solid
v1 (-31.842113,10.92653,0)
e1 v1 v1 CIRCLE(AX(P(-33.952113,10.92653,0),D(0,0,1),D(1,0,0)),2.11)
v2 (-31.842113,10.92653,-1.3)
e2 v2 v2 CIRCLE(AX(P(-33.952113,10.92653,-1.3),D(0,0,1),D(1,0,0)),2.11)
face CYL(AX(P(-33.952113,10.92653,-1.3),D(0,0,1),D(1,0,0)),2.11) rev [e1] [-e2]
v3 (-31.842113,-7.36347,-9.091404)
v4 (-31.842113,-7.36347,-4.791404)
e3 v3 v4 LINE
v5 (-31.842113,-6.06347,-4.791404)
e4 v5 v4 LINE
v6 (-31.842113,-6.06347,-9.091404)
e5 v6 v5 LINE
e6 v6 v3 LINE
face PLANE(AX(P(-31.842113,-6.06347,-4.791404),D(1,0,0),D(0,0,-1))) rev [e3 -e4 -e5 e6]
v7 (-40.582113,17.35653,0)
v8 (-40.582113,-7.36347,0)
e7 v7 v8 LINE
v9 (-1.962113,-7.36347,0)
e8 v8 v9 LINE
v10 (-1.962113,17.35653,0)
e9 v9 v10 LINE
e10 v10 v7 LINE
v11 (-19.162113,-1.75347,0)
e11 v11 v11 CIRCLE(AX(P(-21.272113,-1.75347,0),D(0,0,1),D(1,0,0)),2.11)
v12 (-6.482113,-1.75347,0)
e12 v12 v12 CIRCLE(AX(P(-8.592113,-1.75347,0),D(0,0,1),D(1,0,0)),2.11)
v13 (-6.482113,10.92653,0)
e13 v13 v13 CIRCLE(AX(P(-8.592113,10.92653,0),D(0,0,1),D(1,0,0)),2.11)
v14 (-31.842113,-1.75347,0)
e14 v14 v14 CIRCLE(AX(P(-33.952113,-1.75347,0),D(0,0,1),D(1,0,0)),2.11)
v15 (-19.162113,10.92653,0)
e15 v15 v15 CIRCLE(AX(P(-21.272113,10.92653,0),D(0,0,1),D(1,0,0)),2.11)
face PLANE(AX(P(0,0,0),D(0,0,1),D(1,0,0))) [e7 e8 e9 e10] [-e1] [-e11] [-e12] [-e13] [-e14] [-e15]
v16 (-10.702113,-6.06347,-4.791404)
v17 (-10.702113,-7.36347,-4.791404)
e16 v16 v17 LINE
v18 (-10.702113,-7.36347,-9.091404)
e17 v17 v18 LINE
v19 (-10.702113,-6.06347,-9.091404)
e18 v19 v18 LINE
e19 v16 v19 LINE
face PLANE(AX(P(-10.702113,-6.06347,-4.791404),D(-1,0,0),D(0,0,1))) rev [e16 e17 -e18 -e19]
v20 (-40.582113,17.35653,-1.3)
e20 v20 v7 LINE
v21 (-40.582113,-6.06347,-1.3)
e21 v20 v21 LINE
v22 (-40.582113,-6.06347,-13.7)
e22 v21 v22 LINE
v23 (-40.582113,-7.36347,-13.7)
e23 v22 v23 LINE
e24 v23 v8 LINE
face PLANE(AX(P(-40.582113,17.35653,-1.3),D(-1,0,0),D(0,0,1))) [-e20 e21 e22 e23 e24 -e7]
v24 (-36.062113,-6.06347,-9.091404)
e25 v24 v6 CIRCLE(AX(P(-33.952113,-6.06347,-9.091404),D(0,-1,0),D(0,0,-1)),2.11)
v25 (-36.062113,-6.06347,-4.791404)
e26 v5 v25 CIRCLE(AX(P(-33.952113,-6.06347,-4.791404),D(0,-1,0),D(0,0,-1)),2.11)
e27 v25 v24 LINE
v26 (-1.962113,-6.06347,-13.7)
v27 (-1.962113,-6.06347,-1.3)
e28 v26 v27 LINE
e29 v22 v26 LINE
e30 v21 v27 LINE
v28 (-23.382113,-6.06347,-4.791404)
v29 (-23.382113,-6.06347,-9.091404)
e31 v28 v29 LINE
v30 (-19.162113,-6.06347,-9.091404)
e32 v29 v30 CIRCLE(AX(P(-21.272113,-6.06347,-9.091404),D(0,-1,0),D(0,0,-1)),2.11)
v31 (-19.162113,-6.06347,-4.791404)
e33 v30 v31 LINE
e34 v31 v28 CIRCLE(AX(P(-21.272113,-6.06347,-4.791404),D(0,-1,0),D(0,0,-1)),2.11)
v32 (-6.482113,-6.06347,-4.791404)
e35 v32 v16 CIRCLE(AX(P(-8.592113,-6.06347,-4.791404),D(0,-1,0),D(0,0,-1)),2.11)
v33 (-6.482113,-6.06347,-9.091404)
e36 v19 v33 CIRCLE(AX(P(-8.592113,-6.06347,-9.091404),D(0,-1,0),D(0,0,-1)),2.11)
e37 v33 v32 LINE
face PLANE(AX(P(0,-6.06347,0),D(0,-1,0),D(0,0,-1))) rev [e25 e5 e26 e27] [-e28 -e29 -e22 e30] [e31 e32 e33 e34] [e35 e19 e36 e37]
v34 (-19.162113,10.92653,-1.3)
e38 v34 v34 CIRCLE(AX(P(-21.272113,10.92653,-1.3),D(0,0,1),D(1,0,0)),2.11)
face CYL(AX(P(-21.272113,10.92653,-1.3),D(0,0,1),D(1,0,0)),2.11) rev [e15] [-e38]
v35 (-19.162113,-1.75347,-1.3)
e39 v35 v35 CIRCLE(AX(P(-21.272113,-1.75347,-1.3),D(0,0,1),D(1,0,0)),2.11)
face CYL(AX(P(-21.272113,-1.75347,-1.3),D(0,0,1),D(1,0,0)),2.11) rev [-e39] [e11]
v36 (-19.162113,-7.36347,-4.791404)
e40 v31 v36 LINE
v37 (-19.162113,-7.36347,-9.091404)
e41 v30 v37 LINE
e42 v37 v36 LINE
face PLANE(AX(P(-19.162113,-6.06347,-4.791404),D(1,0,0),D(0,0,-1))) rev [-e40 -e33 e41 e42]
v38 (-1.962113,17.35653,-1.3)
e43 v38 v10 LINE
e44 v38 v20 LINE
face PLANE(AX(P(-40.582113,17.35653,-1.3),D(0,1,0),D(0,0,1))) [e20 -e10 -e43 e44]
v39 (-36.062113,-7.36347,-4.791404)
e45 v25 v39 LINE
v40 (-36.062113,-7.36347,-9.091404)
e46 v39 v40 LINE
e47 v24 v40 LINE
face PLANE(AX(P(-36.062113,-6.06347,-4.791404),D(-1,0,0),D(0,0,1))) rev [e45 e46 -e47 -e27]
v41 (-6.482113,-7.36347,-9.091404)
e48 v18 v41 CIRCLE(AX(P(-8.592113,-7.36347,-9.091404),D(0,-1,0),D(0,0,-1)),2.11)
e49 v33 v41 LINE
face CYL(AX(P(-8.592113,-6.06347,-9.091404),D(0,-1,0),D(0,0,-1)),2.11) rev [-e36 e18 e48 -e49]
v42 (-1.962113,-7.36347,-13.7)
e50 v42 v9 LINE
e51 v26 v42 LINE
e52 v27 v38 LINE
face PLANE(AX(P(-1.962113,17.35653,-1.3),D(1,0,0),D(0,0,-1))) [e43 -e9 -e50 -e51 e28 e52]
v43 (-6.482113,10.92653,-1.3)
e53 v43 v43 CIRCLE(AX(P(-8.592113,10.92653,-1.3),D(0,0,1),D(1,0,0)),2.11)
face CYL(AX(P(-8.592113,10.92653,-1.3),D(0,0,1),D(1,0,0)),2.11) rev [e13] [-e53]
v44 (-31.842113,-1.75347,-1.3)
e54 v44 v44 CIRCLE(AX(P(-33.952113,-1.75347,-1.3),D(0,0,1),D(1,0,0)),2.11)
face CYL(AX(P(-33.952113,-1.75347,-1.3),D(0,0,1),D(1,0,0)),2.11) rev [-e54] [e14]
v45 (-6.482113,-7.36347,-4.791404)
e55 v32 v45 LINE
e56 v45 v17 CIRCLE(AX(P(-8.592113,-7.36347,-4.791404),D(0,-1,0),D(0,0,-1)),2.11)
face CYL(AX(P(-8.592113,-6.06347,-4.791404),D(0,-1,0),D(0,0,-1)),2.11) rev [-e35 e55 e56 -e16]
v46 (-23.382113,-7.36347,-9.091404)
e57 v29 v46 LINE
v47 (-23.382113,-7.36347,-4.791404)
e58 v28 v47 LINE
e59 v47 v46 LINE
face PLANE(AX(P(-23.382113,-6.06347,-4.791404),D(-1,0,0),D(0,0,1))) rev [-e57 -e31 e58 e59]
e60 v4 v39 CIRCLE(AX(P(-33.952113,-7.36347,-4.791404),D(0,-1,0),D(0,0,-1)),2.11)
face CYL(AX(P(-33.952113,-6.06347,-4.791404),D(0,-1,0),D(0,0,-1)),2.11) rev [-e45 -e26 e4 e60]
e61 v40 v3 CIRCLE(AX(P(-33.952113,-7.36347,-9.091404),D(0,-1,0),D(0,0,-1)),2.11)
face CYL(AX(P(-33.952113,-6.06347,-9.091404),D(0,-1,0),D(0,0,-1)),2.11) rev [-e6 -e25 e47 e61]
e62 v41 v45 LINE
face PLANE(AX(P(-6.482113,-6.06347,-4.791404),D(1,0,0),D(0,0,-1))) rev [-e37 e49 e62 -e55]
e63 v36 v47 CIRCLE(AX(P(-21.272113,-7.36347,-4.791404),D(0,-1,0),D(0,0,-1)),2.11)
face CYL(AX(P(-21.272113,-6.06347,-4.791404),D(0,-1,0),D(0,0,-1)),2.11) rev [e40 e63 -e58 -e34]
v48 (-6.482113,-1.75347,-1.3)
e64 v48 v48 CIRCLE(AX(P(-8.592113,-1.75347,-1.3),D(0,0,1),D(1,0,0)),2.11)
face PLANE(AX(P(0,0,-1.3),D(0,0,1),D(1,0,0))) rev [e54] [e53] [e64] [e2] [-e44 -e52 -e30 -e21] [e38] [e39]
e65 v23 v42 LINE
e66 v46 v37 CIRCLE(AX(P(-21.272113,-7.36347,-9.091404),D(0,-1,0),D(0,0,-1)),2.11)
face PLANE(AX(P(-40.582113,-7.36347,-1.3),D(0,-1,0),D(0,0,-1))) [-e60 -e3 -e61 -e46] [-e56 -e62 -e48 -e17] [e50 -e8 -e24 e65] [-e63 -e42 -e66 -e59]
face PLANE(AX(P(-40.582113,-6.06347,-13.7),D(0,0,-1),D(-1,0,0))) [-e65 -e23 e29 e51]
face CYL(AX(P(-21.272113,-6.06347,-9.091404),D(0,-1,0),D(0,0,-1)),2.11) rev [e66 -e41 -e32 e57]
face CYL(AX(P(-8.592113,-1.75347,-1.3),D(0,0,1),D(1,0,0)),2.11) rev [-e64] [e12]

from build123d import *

# Parameters (mm, degrees)
SKETCH1_W           = 38.62
SKETCH1_H           = 24.72
SKETCH1_R           = 2.11
BOSS_EXTRUDE1_DEPTH = 1.3
SKETCH2_W           = 38.62
SKETCH2_H           = 13.7
BOSS_EXTRUDE2_DEPTH = 1.3


with BuildPart() as part:
    # Sketch1 → Boss-Extrude1 (new body)
    with BuildSketch(Plane.XY):
        with Locations((-21.272112536, 4.996529857)):
            Rectangle(SKETCH1_W, SKETCH1_H)
        with Locations((-33.952112536, 10.926529857)):
            Circle(SKETCH1_R, mode=Mode.SUBTRACT)
        with Locations((-21.272112536, 10.926529857)):
            Circle(SKETCH1_R, mode=Mode.SUBTRACT)
        with Locations((-8.592112536, 10.926529857)):
            Circle(SKETCH1_R, mode=Mode.SUBTRACT)
        with Locations((-21.272112536, -1.753470143)):
            Circle(SKETCH1_R, mode=Mode.SUBTRACT)
        with Locations((-8.592112536, -1.753470143)):
            Circle(SKETCH1_R, mode=Mode.SUBTRACT)
        with Locations((-33.952112536, -1.753470143)):
            Circle(SKETCH1_R, mode=Mode.SUBTRACT)
    extrude(amount=-BOSS_EXTRUDE1_DEPTH)

    # Sketch2 → Boss-Extrude2 (add)
    with BuildSketch(Plane.XZ.offset(7.363470143)):
        with Locations((-21.272112536, -6.85)):
            Rectangle(SKETCH2_W, SKETCH2_H)
        with BuildLine():
            Line((-31.842112536, -4.791404459), (-31.842112536, -9.091404459))
            ThreePointArc((-31.842112536, -9.091404459), (-33.952112536, -11.201404459), (-36.062112536, -9.091404459))
            Line((-36.062112536, -9.091404459), (-36.062112536, -4.791404459))
            ThreePointArc((-36.062112536, -4.791404459), (-33.952112536, -2.681404459), (-31.842112536, -4.791404459))
        make_face(mode=Mode.SUBTRACT)
        with BuildLine():
            Line((-19.162112536, -4.791404459), (-19.162112536, -9.091404459))
            ThreePointArc((-19.162112536, -9.091404459), (-21.272112536, -11.201404459), (-23.382112536, -9.091404459))
            Line((-23.382112536, -9.091404459), (-23.382112536, -4.791404459))
            ThreePointArc((-23.382112536, -4.791404459), (-21.272112536, -2.681404459), (-19.162112536, -4.791404459))
        make_face(mode=Mode.SUBTRACT)
        with BuildLine():
            Line((-6.482112536, -4.791404459), (-6.482112536, -9.091404459))
            ThreePointArc((-6.482112536, -9.091404459), (-8.592112536, -11.201404459), (-10.702112536, -9.091404459))
            Line((-10.702112536, -9.091404459), (-10.702112536, -4.791404459))
            ThreePointArc((-10.702112536, -4.791404459), (-8.592112536, -2.681404459), (-6.482112536, -4.791404459))
        make_face(mode=Mode.SUBTRACT)
    extrude(amount=-BOSS_EXTRUDE2_DEPTH)


solid = part.part
